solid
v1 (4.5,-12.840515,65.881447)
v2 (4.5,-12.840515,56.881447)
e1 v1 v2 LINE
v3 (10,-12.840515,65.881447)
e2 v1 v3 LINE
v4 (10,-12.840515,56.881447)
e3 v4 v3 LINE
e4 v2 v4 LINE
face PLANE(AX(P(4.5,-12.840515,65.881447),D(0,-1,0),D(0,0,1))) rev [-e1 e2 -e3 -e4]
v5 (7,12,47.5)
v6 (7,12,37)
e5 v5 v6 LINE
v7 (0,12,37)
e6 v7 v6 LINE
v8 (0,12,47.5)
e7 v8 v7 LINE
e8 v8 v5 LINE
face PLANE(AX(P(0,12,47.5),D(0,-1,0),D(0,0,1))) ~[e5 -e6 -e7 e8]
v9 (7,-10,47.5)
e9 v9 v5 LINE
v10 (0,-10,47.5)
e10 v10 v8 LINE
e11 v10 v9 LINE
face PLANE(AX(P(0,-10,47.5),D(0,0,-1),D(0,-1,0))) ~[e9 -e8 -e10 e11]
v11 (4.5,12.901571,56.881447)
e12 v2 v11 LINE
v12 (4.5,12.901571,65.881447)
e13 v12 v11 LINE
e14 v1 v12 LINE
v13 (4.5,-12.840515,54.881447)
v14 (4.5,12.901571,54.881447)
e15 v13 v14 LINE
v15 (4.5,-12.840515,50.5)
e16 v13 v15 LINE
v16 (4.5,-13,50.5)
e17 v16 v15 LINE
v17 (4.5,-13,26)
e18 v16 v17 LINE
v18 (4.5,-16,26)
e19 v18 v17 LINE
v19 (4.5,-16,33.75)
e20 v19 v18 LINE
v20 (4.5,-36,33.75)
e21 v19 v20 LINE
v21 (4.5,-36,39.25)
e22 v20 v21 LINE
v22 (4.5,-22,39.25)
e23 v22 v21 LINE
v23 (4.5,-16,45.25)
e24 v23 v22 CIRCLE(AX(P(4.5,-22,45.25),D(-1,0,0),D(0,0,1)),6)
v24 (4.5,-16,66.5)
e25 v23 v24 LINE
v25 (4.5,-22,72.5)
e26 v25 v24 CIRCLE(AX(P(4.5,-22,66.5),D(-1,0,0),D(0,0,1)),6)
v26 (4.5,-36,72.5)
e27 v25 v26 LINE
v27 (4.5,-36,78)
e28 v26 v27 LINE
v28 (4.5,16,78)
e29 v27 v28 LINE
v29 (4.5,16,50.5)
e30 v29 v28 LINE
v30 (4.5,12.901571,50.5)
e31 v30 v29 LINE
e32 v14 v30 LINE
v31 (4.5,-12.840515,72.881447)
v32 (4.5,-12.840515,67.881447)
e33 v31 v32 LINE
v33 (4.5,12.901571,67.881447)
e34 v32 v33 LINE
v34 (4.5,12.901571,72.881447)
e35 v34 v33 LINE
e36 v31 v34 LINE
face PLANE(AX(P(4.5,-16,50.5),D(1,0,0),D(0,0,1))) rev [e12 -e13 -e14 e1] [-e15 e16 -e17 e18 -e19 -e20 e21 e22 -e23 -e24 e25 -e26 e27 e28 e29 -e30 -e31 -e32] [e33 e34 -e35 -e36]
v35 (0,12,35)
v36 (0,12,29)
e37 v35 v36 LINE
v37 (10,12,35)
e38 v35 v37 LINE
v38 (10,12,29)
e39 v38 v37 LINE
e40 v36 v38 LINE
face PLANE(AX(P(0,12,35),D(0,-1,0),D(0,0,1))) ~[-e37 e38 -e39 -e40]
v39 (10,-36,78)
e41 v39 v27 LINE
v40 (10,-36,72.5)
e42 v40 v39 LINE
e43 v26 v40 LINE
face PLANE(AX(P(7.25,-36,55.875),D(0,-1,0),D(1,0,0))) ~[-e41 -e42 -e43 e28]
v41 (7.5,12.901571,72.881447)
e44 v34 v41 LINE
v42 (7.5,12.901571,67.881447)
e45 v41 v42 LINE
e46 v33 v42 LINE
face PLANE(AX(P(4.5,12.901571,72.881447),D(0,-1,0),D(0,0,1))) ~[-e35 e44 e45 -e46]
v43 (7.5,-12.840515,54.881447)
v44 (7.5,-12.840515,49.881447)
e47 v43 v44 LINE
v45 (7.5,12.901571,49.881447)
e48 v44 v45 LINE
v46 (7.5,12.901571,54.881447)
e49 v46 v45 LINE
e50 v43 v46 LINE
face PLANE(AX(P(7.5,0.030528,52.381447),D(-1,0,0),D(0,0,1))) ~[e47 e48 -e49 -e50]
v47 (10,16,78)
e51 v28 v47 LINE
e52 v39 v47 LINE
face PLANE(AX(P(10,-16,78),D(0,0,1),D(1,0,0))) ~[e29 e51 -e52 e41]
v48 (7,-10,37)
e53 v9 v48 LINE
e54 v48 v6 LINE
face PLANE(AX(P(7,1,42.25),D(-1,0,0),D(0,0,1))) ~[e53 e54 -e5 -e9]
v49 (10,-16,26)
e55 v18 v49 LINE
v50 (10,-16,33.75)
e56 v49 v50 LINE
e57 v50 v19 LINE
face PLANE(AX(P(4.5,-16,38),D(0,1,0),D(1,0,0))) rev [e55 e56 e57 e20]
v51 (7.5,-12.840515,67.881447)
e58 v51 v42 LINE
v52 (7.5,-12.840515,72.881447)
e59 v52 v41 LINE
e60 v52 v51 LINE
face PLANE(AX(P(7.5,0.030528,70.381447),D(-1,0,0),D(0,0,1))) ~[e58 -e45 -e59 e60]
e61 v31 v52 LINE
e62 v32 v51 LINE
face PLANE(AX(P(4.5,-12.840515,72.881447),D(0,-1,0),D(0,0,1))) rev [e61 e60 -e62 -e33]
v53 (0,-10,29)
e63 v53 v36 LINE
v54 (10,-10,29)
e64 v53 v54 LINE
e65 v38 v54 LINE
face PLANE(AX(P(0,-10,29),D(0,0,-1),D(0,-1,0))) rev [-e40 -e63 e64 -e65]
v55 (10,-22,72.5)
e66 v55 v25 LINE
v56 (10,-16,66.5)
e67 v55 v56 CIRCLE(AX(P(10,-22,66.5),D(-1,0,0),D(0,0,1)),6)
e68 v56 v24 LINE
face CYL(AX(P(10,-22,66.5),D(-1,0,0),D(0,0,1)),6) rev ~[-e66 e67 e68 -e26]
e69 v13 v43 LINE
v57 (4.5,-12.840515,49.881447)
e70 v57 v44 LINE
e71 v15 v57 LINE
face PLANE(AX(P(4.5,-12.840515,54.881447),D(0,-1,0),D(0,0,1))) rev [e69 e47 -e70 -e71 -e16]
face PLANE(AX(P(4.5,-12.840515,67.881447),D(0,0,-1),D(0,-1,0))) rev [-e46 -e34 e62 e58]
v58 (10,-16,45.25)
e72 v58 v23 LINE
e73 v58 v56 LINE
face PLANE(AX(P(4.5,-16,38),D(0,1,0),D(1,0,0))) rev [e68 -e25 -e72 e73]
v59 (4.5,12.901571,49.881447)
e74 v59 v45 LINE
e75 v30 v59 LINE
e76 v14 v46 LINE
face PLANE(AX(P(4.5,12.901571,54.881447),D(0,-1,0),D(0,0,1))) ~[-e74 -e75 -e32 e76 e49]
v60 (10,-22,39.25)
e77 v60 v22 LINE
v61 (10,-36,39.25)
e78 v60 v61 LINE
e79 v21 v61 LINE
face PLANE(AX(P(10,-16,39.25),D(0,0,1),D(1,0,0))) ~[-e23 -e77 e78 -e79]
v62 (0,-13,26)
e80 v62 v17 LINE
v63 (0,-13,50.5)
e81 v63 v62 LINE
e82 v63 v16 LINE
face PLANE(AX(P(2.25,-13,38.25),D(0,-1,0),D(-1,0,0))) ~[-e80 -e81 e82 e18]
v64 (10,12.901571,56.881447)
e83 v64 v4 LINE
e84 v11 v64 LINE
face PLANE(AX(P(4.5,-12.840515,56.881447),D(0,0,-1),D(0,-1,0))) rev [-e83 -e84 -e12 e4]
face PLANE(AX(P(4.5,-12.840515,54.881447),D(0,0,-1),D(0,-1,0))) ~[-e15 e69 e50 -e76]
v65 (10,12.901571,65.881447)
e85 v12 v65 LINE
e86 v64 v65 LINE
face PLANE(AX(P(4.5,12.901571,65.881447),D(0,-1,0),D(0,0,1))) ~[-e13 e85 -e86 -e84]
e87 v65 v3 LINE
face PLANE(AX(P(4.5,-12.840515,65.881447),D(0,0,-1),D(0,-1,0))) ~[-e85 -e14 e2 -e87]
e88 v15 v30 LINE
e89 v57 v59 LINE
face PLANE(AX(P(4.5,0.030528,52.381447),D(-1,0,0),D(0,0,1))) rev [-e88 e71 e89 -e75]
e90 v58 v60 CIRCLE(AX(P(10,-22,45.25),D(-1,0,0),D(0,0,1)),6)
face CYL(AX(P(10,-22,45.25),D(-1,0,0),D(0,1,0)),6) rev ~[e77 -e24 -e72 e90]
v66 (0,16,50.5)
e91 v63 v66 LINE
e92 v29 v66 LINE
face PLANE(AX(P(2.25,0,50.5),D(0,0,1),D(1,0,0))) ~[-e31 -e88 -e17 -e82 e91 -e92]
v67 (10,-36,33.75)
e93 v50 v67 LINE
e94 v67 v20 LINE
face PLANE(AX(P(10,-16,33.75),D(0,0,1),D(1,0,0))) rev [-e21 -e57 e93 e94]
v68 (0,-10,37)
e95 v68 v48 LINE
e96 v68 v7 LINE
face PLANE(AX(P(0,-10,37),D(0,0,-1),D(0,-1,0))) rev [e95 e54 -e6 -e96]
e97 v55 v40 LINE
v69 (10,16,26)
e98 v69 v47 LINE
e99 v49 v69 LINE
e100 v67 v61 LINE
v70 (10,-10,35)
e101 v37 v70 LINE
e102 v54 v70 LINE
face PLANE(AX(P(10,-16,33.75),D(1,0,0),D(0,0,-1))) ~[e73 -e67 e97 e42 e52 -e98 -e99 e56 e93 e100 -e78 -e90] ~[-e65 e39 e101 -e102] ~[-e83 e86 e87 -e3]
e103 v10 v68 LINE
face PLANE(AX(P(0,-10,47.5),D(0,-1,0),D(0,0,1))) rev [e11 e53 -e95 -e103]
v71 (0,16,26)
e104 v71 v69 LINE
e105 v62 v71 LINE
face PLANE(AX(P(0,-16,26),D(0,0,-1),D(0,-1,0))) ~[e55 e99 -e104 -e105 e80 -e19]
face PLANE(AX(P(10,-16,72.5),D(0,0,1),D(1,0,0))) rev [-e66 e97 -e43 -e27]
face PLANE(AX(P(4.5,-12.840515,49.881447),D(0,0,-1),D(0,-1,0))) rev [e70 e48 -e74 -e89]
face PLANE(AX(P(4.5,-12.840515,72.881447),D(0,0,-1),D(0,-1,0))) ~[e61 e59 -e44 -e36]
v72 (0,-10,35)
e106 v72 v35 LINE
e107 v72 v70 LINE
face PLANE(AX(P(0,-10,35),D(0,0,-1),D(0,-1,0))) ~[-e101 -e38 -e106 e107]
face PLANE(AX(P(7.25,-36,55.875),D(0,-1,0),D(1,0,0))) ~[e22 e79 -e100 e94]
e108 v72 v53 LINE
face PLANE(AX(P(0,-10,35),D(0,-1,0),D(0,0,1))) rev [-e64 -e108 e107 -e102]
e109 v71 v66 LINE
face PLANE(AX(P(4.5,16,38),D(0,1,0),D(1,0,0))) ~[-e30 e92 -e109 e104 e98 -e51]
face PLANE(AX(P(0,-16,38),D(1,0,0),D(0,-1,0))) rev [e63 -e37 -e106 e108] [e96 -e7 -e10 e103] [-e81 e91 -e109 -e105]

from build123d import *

# Parameters (mm, degrees)
SKETCH1_W           = 52
SKETCH1_H           = 32
BOSS_EXTRUDE1_DEPTH = 10
SKETCH7_W           = 4.5
SKETCH7_H           = 40
CUT_EXTRUDE3_DEPTH  = 33
SKETCH70_W          = 5.5
SKETCH70_H          = 44.25
BOSS_EXTRUDE4_DEPTH = 20
SKETCH20_W          = 5.5
SKETCH20_H          = 33.25
CUT_EXTRUDE9_DEPTH  = 21
FILLET1_R           = 6
FILLET2_R           = 6
SKETCH49_W          = 4.5
SKETCH49_H          = 32
BOSS_EXTRUDE3_DEPTH = 12.5
SKETCH50_W          = 4.5
SKETCH50_H          = 24.5
CUT_EXTRUDE19_DEPTH = 3
SKETCH35_W          = 9
SKETCH35_H          = 25.742086546
CUT_EXTRUDE15_DEPTH = 6.5
SKETCH67_W          = 5
SKETCH67_H          = 25.742086546
CUT_EXTRUDE22_DEPTH = 3
SKETCH68_W          = 5
SKETCH68_H          = 25.742086546
CUT_EXTRUDE23_DEPTH = 3
SKETCH63_W          = 6
SKETCH63_H          = 22
CUT_EXTRUDE24_DEPTH = 11
SKETCH76_W          = 10.5
SKETCH76_H          = 22
CUT_EXTRUDE25_DEPTH = 7


with BuildPart() as part:
    # Sketch1 → Boss-Extrude1 (new body)
    with BuildSketch(Plane(origin=(0, 0, 0), x_dir=(0, 0, -1), z_dir=(1, 0, 0))):
        Rectangle(SKETCH1_W, SKETCH1_H)
    extrude(amount=BOSS_EXTRUDE1_DEPTH)

    # Sketch7 → Cut-Extrude3 (cut, through all)
    with BuildSketch(Plane(origin=(0, 16, 0), x_dir=(1, 0, 0), z_dir=(0, 1, 0))):
        with Locations((2.25, 6)):
            Rectangle(SKETCH7_W, SKETCH7_H)
    extrude(amount=-CUT_EXTRUDE3_DEPTH, mode=Mode.SUBTRACT)

    # Sketch70 → Boss-Extrude4 (add)
    with BuildSketch(Plane(origin=(0, -16, 0), x_dir=(-1, 0, 0), z_dir=(0, -1, 0))):
        with Locations((-7.25, 3.875)):
            Rectangle(SKETCH70_W, SKETCH70_H)
    extrude(amount=BOSS_EXTRUDE4_DEPTH)

    # Sketch20 → Cut-Extrude9 (cut, through all)
    with BuildSketch(Plane(origin=(0, -16, 0), x_dir=(-1, 0, 0), z_dir=(0, -1, 0))):
        with Locations((-7.25, 3.875)):
            Rectangle(SKETCH20_W, SKETCH20_H)
    extrude(amount=CUT_EXTRUDE9_DEPTH, mode=Mode.SUBTRACT)

    # Fillet1
    fillet1_edges = [part.edges().sort_by_distance(p)[0] for p in [
        (7.25, -16, -20.5),
    ]]
    fillet(fillet1_edges, radius=FILLET1_R)

    # Fillet2
    fillet2_edges = [part.edges().sort_by_distance(p)[0] for p in [
        (7.25, -16, 12.75),
    ]]
    fillet(fillet2_edges, radius=FILLET2_R)

    # Sketch49 → Boss-Extrude3 (add)
    with BuildSketch(Plane(origin=(0, 0, 14), x_dir=(-1, 0, 0), z_dir=(0, 0, -1))):
        with Locations((-2.25, 0)):
            Rectangle(SKETCH49_W, SKETCH49_H)
    extrude(amount=BOSS_EXTRUDE3_DEPTH)

    # Sketch50 → Cut-Extrude19 (cut)
    with BuildSketch(Plane.XZ.offset(16)):
        with Locations((2.25, 13.75)):
            Rectangle(SKETCH50_W, SKETCH50_H)
    extrude(amount=-CUT_EXTRUDE19_DEPTH, mode=Mode.SUBTRACT)

    # Sketch35 → Cut-Extrude15 (cut, through all)
    with BuildSketch(Plane.ZY.offset(-4.5)):
        with Locations((-9.381446742, 0.030527838)):
            Rectangle(SKETCH35_W, SKETCH35_H)
    extrude(amount=-CUT_EXTRUDE15_DEPTH, mode=Mode.SUBTRACT)

    # Sketch67 → Cut-Extrude22 (cut)
    with BuildSketch(Plane.ZY.offset(-4.5)):
        with Locations((-18.381446742, 0.030527838)):
            Rectangle(SKETCH67_W, SKETCH67_H)
    extrude(amount=-CUT_EXTRUDE22_DEPTH, mode=Mode.SUBTRACT)

    # Sketch68 → Cut-Extrude23 (cut)
    with BuildSketch(Plane.ZY.offset(-4.5)):
        with Locations((-0.381446742, 0.030527838)):
            Rectangle(SKETCH68_W, SKETCH68_H)
    extrude(amount=-CUT_EXTRUDE23_DEPTH, mode=Mode.SUBTRACT)

    # Sketch63 → Cut-Extrude24 (cut, through all)
    with BuildSketch(Plane.ZY):
        with Locations((20, 1)):
            Rectangle(SKETCH63_W, SKETCH63_H)
    extrude(amount=-CUT_EXTRUDE24_DEPTH, mode=Mode.SUBTRACT)

    # Sketch76 → Cut-Extrude25 (cut)
    with BuildSketch(Plane.ZY):
        with Locations((9.75, 1)):
            Rectangle(SKETCH76_W, SKETCH76_H)
    extrude(amount=-CUT_EXTRUDE25_DEPTH, mode=Mode.SUBTRACT)


with BuildPart() as body_2:
    # Mirror1: mirrored copy
    add(part.part.mirror(Plane(origin=(10, 16, 26), x_dir=(1, 0, 0), z_dir=(0, 0, -1))))


solid = body_2.part
